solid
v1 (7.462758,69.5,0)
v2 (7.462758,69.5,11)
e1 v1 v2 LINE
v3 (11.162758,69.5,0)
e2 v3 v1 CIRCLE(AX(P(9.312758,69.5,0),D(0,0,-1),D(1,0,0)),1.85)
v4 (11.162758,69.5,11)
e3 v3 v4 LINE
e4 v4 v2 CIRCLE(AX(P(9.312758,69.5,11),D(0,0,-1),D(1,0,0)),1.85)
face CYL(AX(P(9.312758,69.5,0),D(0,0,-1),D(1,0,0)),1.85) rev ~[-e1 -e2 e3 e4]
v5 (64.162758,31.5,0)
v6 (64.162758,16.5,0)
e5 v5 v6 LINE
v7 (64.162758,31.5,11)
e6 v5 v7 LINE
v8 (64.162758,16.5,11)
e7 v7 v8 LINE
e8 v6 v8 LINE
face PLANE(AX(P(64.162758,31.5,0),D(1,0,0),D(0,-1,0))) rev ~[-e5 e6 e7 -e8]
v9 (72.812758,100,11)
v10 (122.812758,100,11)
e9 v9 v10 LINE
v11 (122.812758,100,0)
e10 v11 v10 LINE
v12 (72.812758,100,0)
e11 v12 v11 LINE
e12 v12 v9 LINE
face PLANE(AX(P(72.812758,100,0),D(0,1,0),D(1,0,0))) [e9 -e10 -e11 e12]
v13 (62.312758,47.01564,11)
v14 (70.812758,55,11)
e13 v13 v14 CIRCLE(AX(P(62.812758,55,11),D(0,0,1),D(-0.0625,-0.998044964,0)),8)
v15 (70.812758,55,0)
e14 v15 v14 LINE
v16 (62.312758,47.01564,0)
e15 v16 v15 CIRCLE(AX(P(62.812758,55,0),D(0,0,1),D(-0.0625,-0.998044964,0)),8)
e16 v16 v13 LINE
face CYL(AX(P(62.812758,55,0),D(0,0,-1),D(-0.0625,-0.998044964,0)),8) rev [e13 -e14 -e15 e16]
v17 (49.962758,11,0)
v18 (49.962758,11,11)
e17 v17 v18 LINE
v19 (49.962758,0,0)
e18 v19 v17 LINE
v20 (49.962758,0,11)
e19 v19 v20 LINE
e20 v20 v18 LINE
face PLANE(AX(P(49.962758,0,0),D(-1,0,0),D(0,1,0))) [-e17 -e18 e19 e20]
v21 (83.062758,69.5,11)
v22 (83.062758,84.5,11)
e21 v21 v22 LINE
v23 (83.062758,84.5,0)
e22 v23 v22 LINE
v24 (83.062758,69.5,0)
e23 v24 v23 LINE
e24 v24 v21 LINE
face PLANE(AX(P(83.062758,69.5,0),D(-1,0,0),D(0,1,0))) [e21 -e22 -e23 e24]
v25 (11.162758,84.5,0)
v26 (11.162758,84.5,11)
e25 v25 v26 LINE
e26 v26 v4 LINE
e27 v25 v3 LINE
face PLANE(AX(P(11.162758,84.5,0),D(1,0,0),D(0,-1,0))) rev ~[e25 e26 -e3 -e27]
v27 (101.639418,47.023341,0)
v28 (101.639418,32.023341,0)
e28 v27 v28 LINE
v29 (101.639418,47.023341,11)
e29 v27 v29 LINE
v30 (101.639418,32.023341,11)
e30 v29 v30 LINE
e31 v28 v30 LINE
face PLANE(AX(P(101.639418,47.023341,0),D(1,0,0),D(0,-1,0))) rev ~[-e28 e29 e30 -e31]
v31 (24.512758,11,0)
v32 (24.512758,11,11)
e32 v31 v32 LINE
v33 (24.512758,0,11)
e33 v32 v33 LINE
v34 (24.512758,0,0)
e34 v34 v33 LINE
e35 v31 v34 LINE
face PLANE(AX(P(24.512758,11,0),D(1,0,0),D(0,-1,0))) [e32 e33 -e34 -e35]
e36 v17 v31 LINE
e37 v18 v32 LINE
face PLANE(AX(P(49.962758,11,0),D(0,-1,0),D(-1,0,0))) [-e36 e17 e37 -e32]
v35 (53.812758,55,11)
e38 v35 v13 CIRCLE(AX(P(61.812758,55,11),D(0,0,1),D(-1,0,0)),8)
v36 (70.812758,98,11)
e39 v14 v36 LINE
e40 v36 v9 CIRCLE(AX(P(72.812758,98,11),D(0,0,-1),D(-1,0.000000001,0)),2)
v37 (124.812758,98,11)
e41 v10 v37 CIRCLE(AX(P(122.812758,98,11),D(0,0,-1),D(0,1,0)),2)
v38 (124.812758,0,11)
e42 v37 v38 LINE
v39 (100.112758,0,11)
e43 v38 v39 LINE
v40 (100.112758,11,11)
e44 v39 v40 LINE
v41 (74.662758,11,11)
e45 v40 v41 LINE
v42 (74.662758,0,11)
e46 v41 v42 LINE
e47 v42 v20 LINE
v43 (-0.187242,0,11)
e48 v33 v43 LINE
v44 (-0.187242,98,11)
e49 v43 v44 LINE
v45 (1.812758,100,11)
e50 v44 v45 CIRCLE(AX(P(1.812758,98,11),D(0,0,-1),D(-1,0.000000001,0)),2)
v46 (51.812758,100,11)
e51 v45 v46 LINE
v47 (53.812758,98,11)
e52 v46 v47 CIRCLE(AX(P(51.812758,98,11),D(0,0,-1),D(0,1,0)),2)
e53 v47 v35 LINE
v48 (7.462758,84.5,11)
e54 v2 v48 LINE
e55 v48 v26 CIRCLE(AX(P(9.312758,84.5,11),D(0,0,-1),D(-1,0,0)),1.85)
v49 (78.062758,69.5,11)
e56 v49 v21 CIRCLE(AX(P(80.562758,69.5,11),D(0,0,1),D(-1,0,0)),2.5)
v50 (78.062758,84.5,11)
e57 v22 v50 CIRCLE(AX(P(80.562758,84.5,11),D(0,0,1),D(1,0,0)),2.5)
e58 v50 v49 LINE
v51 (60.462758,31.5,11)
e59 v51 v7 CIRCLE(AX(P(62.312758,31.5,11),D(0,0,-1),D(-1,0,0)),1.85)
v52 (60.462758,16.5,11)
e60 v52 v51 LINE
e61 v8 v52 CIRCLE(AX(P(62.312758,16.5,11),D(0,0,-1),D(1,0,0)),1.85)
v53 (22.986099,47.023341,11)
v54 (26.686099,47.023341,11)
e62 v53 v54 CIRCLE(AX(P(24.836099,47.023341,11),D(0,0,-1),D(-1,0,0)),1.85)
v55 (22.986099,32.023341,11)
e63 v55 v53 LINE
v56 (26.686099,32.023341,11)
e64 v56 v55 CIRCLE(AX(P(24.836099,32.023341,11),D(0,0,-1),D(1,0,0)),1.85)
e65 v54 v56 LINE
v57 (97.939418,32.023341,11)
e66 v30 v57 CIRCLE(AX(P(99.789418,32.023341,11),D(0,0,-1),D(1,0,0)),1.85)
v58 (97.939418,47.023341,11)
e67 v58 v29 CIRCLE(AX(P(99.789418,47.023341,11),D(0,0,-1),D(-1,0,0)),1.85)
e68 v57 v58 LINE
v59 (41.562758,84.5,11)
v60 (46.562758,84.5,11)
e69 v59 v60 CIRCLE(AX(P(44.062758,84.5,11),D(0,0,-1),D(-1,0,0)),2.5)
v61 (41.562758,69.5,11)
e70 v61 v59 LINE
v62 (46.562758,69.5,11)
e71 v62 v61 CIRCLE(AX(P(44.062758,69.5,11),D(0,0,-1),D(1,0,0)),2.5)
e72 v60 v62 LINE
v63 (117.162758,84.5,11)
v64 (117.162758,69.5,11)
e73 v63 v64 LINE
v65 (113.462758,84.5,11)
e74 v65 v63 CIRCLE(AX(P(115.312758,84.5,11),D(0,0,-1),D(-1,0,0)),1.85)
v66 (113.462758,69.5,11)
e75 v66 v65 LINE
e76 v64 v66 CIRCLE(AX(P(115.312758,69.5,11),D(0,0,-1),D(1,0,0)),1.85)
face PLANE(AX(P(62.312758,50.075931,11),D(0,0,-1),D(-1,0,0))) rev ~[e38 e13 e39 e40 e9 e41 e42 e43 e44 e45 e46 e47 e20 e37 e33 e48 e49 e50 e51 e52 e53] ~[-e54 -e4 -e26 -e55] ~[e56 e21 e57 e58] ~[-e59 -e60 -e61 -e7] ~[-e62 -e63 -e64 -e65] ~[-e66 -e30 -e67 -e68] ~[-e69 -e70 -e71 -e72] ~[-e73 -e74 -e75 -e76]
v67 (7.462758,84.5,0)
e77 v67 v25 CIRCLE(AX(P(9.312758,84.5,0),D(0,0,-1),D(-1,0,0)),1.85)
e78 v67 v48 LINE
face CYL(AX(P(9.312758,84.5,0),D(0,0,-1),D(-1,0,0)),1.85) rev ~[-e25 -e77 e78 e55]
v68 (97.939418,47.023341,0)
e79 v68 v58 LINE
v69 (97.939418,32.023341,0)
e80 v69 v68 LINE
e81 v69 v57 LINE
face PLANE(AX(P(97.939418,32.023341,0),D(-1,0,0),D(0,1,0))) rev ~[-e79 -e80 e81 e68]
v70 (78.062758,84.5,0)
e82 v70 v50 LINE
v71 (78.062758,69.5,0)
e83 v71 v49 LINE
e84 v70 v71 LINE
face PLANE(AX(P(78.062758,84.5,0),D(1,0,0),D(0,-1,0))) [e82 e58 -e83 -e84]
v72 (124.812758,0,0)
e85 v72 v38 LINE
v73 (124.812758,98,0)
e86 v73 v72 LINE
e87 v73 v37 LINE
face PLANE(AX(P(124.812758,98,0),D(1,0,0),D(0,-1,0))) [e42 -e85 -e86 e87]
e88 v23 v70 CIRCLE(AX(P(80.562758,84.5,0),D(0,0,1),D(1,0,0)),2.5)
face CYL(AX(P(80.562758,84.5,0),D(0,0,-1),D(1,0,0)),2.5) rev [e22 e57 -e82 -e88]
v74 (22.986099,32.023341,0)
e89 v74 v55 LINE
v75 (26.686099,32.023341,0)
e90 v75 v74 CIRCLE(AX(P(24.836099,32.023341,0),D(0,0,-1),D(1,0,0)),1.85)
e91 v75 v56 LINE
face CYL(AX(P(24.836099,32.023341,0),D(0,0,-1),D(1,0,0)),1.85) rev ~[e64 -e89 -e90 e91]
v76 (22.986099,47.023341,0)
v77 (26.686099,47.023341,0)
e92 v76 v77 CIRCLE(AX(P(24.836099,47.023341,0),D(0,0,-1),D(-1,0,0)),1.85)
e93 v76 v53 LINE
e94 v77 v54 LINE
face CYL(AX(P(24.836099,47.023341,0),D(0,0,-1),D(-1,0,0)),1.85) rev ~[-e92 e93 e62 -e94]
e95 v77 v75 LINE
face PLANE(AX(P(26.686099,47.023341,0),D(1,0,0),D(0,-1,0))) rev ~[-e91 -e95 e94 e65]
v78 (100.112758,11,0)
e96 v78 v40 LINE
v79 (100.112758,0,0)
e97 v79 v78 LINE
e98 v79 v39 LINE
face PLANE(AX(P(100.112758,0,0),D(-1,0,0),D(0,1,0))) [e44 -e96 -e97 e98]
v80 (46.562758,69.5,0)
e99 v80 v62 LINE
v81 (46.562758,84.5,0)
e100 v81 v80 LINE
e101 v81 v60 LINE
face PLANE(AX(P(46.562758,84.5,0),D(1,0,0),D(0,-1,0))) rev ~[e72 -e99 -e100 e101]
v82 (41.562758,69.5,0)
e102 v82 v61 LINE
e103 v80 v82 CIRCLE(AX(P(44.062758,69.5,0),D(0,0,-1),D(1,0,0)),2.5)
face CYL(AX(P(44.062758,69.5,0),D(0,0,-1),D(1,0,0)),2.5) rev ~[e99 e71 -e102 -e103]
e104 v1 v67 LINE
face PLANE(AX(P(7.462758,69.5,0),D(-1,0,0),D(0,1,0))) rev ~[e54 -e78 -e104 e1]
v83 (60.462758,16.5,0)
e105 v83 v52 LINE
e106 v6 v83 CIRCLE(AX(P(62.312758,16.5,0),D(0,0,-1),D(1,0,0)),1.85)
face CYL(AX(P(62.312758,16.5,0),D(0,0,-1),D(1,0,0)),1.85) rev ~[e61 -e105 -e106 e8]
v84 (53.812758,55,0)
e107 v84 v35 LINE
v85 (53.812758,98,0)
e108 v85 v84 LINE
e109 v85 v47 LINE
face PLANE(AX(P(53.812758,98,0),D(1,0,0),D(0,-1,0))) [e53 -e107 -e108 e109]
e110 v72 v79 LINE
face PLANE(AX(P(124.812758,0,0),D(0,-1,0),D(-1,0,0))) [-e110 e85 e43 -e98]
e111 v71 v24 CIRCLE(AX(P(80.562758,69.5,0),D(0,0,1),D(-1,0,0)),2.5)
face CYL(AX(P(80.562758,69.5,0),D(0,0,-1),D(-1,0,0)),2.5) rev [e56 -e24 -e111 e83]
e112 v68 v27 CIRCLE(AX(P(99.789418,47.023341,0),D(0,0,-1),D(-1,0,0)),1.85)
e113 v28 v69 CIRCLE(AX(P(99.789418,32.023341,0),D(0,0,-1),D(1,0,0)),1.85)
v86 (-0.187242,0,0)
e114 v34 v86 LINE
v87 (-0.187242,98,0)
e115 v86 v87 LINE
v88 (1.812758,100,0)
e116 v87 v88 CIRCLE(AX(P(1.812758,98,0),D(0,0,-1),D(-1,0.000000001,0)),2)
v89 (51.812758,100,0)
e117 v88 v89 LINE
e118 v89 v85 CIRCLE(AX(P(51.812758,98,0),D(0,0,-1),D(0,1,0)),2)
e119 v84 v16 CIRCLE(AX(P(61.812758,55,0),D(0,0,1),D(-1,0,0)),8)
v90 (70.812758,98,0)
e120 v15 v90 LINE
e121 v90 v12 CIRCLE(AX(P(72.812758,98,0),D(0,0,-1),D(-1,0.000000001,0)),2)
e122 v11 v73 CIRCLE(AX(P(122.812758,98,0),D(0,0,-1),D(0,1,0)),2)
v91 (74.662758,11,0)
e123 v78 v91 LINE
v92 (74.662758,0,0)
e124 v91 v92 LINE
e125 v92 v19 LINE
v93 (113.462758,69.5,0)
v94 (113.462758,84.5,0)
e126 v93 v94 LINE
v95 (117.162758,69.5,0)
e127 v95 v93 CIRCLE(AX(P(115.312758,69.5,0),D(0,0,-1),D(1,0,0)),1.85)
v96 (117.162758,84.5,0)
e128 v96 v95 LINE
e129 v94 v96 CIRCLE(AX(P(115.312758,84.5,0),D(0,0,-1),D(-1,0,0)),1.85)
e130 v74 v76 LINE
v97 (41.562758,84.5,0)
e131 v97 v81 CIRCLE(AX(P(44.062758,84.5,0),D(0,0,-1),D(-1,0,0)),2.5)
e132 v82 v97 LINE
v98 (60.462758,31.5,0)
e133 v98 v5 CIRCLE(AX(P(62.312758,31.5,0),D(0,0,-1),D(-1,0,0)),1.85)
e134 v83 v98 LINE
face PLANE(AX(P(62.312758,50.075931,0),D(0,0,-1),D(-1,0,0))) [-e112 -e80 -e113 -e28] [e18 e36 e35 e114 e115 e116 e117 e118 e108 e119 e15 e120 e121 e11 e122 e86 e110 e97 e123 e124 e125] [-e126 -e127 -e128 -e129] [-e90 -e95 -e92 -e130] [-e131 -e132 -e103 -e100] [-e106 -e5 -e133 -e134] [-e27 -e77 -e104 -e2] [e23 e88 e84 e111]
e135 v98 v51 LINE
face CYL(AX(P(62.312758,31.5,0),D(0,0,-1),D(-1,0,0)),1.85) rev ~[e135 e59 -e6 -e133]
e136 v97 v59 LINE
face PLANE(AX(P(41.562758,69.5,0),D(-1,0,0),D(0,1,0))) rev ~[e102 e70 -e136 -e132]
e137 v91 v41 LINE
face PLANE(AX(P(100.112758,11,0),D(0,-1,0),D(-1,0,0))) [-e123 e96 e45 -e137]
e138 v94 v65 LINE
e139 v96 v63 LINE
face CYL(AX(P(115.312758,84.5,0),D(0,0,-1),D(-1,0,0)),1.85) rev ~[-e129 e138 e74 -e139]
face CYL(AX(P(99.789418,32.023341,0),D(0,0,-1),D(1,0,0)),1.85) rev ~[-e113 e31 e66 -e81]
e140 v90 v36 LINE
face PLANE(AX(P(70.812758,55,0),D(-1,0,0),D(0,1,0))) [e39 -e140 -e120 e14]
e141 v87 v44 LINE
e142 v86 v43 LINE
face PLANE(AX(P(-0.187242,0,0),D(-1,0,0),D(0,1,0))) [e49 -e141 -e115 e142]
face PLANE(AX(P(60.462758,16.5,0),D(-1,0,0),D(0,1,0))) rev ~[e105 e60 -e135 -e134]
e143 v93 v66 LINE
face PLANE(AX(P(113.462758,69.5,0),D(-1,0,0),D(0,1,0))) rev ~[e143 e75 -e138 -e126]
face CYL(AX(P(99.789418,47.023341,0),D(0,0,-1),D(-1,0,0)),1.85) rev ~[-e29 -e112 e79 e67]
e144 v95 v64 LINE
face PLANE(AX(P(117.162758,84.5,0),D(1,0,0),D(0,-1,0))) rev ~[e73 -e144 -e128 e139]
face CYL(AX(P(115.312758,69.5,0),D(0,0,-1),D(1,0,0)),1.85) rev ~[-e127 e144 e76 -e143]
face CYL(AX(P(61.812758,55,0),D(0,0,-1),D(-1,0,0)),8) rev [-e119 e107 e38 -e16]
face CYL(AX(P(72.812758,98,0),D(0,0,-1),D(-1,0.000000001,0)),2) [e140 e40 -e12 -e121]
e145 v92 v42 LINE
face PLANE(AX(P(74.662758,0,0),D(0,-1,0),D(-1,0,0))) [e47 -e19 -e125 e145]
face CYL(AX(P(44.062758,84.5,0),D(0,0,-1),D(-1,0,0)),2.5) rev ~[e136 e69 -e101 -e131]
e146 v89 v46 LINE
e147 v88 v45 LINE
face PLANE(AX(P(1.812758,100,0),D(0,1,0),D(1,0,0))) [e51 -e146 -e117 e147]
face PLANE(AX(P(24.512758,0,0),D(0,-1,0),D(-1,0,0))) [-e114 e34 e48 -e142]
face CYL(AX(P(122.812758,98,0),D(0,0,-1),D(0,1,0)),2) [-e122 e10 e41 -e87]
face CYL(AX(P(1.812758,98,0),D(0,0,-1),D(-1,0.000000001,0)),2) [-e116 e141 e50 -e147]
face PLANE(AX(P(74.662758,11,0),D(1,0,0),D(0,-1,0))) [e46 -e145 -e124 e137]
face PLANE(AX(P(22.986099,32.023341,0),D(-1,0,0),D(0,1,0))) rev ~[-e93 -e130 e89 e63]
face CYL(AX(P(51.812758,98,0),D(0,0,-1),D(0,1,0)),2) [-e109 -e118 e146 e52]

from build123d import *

# Parameters (mm, degrees)
BOSS_EXTRUDE7_DEPTH = 11


with BuildPart() as part:
    # Sketch2 → Boss-Extrude7 (new body)
    with BuildSketch(Plane.XY):
        with BuildLine():
            Line((-0.187241808, 0), (-0.187241808, 98))
            ThreePointArc((-0.187241808, 98), (0.39854463, 99.414213562), (1.812758192, 100))
            Line((1.812758192, 100), (51.812758192, 100))
            ThreePointArc((51.812758192, 100), (53.226971755, 99.414213562), (53.812758192, 98))
            Line((53.812758192, 98), (53.812758192, 55))
            ThreePointArc((53.812758192, 55), (56.335532617, 49.169048105), (62.312758192, 47.015640289))
            ThreePointArc((62.312758192, 47.015640289), (68.289983767, 49.169048105), (70.812758192, 55))
            Line((70.812758192, 55), (70.812758192, 98))
            ThreePointArc((70.812758192, 98), (71.39854463, 99.414213562), (72.812758192, 100))
            Line((72.812758192, 100), (122.812758192, 100))
            ThreePointArc((122.812758192, 100), (124.226971755, 99.414213562), (124.812758192, 98))
            Line((124.812758192, 98), (124.812758192, 0))
            Line((124.812758192, 0), (100.112758192, 0))
            Line((100.112758192, 0), (100.112758192, 11))
            Line((100.112758192, 11), (74.662758192, 11))
            Line((74.662758192, 11), (74.662758192, 0))
            Line((74.662758192, 0), (49.962758192, 0))
            Line((49.962758192, 0), (49.962758192, 11))
            Line((49.962758192, 11), (24.512758192, 11))
            Line((24.512758192, 11), (24.512758192, 0))
            Line((24.512758192, 0), (-0.187241808, 0))
        make_face()
        with BuildLine():
            Line((41.562758192, 69.5), (41.562758192, 84.5))
            ThreePointArc((41.562758192, 84.5), (44.062758192, 87), (46.562758192, 84.5))
            Line((46.562758192, 84.5), (46.562758192, 69.5))
            ThreePointArc((46.562758192, 69.5), (44.062758192, 67), (41.562758192, 69.5))
        make_face(mode=Mode.SUBTRACT)
        with BuildLine():
            Line((83.062758192, 69.5), (83.062758192, 84.5))
            ThreePointArc((83.062758192, 84.5), (80.562758192, 87), (78.062758192, 84.5))
            Line((78.062758192, 84.5), (78.062758192, 69.5))
            ThreePointArc((78.062758192, 69.5), (80.562758192, 67), (83.062758192, 69.5))
        make_face(mode=Mode.SUBTRACT)
        with BuildLine():
            Line((7.462758192, 69.5), (7.462758192, 84.5))
            ThreePointArc((7.462758192, 84.5), (9.312758192, 86.35), (11.162758192, 84.5))
            Line((11.162758192, 84.5), (11.162758192, 69.5))
            ThreePointArc((11.162758192, 69.5), (9.312758192, 67.65), (7.462758192, 69.5))
        make_face(mode=Mode.SUBTRACT)
        with BuildLine():
            Line((22.986098789, 32.023340597), (22.986098789, 47.023340597))
            ThreePointArc((22.986098789, 47.023340597), (24.836098789, 48.873340597), (26.686098789, 47.023340597))
            Line((26.686098789, 47.023340597), (26.686098789, 32.023340597))
            ThreePointArc((26.686098789, 32.023340597), (24.836098789, 30.173340597), (22.986098789, 32.023340597))
        make_face(mode=Mode.SUBTRACT)
        with BuildLine():
            Line((60.462758192, 16.5), (60.462758192, 31.5))
            ThreePointArc((60.462758192, 31.5), (62.312758192, 33.35), (64.162758192, 31.5))
            Line((64.162758192, 31.5), (64.162758192, 16.5))
            ThreePointArc((64.162758192, 16.5), (62.312758192, 14.65), (60.462758192, 16.5))
        make_face(mode=Mode.SUBTRACT)
        with BuildLine():
            Line((97.939417595, 32.023340597), (97.939417595, 47.023340597))
            ThreePointArc((97.939417595, 47.023340597), (99.789417595, 48.873340597), (101.639417595, 47.023340597))
            Line((101.639417595, 47.023340597), (101.639417595, 32.023340597))
            ThreePointArc((101.639417595, 32.023340597), (99.789417595, 30.173340597), (97.939417595, 32.023340597))
        make_face(mode=Mode.SUBTRACT)
        with BuildLine():
            Line((113.462758192, 69.5), (113.462758192, 84.5))
            ThreePointArc((113.462758192, 84.5), (115.312758192, 86.35), (117.162758192, 84.5))
            Line((117.162758192, 84.5), (117.162758192, 69.5))
            ThreePointArc((117.162758192, 69.5), (115.312758192, 67.65), (113.462758192, 69.5))
        make_face(mode=Mode.SUBTRACT)
    extrude(amount=BOSS_EXTRUDE7_DEPTH)


solid = part.part
